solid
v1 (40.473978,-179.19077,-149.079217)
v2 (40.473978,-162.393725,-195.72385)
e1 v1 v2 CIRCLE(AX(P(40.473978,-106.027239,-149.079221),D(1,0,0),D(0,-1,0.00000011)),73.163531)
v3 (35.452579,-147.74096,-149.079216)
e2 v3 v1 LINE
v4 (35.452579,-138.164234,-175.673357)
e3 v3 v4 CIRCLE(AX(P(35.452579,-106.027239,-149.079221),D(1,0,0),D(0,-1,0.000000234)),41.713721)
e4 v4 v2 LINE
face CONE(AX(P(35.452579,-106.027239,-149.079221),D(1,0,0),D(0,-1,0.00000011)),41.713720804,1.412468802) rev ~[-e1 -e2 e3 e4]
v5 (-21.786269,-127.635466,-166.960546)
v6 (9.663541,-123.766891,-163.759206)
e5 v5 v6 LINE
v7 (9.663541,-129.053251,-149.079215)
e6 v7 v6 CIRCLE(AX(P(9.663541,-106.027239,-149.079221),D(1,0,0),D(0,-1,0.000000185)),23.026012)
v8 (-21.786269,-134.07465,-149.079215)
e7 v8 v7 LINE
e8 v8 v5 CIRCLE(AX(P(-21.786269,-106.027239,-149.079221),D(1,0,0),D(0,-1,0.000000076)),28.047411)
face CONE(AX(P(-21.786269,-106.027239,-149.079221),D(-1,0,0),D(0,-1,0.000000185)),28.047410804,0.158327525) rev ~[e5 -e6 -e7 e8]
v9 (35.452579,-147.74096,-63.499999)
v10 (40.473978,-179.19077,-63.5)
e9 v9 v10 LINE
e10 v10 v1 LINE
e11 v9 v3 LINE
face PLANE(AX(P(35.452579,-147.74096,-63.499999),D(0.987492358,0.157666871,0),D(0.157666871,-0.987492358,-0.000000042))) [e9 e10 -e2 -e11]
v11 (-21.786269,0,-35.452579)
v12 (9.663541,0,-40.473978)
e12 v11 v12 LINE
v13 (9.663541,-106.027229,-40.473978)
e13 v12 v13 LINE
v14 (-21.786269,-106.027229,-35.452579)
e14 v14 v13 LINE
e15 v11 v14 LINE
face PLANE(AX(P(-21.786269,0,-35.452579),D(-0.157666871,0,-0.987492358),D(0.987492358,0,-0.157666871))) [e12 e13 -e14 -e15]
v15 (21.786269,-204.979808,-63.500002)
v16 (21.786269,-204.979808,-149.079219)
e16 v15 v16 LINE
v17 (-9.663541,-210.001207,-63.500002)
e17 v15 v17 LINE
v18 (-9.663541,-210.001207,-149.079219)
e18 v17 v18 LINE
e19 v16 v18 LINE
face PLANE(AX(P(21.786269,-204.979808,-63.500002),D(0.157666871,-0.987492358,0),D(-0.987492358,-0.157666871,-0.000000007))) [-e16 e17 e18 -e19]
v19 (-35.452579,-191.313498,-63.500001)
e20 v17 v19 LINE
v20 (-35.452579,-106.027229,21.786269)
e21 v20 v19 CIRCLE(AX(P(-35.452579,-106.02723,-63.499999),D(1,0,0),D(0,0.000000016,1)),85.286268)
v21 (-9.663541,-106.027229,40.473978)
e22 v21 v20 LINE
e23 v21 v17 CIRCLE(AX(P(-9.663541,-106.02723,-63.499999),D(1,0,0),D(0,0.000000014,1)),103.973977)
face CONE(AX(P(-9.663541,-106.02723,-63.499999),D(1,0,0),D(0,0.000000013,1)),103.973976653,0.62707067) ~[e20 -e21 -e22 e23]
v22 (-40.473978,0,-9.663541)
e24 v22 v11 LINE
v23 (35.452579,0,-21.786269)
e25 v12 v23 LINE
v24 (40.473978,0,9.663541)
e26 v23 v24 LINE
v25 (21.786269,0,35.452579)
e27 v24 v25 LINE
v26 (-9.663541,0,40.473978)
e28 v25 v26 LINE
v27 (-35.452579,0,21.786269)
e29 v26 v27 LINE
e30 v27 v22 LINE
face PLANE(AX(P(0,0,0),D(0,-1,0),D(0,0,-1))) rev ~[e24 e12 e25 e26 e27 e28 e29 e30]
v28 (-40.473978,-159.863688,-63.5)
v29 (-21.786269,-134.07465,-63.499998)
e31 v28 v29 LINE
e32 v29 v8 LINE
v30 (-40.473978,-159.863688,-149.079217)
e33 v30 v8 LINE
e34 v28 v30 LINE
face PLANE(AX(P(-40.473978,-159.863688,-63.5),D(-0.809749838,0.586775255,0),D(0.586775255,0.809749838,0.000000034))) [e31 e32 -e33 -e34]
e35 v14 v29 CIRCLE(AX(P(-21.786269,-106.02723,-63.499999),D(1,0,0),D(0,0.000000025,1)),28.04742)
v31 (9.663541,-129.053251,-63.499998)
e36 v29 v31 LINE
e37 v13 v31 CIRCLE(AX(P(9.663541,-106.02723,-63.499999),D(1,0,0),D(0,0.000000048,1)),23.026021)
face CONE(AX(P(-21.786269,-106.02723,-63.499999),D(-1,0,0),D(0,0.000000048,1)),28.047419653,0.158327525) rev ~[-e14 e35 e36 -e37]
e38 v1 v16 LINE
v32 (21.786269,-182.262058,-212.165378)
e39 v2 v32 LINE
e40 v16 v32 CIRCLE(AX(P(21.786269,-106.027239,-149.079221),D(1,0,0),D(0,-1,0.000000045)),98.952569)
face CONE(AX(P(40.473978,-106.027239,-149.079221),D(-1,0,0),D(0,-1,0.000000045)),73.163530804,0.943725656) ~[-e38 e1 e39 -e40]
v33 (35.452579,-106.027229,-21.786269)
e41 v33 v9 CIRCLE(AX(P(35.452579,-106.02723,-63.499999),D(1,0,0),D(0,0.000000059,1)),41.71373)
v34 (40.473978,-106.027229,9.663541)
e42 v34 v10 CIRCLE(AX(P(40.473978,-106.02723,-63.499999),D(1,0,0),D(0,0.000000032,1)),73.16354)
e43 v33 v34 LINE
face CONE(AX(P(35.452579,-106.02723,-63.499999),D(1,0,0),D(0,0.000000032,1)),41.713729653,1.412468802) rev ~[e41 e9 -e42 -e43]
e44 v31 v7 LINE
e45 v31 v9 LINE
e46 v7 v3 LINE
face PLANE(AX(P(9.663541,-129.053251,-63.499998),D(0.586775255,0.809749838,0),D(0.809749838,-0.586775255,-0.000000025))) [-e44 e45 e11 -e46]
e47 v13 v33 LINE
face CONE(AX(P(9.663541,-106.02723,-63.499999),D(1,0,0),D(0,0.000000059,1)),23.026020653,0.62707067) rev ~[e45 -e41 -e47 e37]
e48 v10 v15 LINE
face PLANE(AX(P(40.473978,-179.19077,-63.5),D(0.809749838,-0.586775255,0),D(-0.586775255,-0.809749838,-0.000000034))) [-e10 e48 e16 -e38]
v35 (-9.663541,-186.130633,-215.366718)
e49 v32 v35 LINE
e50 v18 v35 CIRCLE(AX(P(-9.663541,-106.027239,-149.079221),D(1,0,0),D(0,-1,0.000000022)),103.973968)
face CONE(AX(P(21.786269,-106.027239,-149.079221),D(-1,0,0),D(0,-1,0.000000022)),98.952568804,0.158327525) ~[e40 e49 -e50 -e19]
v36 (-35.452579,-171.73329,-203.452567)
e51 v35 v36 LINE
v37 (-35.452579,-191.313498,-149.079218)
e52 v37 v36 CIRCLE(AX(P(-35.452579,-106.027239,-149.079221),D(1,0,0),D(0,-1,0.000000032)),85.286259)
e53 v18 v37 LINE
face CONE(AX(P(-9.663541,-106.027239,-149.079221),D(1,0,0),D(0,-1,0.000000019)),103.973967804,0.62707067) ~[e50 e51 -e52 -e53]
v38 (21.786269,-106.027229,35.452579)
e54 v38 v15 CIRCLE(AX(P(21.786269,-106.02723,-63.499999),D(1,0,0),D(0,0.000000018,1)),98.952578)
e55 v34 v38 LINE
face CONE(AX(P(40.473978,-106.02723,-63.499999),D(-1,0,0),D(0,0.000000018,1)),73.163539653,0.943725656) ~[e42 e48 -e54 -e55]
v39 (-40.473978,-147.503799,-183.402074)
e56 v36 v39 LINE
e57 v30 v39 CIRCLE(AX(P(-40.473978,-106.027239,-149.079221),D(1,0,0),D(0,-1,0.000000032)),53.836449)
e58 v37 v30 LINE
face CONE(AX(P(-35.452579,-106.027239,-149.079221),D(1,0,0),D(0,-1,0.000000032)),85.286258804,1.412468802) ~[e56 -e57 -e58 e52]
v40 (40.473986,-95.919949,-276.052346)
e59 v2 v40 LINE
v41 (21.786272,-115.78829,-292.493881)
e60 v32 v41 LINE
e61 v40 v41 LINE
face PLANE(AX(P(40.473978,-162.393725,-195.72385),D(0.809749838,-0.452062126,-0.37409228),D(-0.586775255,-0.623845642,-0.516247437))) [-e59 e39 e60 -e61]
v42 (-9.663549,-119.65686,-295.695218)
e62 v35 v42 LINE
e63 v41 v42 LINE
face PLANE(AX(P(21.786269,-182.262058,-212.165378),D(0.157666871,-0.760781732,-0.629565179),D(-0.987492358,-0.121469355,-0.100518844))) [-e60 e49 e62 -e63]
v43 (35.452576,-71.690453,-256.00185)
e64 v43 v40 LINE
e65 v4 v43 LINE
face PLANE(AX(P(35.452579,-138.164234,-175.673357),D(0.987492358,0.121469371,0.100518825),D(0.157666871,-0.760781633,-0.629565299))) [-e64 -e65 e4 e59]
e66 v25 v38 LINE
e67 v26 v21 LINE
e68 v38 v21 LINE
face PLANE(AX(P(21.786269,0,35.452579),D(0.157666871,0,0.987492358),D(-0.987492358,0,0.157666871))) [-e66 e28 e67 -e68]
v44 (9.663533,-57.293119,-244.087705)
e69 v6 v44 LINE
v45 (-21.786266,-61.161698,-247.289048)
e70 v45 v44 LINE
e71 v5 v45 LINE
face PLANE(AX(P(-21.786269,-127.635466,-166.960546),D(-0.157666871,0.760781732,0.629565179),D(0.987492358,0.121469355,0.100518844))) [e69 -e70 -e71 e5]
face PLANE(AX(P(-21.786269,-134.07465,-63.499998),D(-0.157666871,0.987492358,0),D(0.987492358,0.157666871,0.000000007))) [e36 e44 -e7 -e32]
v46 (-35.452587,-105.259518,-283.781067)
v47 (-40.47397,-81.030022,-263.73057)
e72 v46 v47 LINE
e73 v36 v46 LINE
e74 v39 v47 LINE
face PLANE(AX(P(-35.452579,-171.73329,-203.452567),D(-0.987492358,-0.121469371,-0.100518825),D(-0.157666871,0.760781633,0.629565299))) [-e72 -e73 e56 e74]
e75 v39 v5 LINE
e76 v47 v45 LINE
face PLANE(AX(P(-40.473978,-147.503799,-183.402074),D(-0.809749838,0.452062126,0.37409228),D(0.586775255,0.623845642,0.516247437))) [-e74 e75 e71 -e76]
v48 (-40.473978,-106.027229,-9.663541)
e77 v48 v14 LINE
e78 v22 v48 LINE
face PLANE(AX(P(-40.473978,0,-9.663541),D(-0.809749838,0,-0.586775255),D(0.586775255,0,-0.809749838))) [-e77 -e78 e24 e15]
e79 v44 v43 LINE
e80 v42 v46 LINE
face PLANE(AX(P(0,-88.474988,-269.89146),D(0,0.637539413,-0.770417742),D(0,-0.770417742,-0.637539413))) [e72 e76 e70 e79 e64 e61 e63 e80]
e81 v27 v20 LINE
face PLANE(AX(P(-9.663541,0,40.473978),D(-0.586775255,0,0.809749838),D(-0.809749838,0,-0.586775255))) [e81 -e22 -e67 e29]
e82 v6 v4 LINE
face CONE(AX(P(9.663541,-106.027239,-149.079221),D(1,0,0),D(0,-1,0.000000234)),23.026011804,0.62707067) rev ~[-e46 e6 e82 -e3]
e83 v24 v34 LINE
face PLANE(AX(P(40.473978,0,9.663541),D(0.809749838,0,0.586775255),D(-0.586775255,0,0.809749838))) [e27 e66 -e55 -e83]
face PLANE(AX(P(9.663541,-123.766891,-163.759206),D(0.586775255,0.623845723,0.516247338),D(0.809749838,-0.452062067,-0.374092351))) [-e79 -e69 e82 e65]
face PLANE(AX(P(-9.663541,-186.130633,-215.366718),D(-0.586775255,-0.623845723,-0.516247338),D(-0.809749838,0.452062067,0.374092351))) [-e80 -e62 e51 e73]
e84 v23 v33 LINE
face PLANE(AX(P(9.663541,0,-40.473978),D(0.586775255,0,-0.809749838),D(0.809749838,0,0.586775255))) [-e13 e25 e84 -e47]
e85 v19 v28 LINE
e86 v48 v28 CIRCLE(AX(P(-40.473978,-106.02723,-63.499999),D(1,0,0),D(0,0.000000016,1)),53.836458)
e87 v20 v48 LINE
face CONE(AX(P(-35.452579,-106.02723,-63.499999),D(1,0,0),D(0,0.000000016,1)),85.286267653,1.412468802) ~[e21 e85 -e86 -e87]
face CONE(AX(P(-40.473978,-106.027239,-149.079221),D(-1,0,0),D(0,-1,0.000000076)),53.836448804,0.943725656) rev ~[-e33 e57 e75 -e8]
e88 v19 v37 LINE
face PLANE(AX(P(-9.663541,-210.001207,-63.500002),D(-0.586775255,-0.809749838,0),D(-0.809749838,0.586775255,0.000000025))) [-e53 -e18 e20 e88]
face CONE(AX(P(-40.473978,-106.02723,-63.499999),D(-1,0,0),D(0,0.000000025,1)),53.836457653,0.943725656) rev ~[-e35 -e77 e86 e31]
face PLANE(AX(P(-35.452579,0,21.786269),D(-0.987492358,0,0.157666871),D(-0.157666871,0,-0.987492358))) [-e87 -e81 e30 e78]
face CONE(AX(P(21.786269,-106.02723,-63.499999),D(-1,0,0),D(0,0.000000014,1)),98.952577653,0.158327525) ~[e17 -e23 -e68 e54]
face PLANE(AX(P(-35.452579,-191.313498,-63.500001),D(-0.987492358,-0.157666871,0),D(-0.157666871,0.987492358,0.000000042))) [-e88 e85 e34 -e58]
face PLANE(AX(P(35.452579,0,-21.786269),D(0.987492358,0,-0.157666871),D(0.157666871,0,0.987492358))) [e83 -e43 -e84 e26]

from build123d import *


with BuildPart() as f2:
    # F2: sweep along a path in F1
    with BuildLine(Plane.YZ) as f2_path:
        Line((0, 0), (-106.027229, 0))
        ThreePointArc((-106.027229, 0), (-150.92851, -18.598719), (-169.527229, -63.5))
        Line((-169.527229, -63.5), (-169.527229, -149.079217))
        ThreePointArc((-169.527229, -149.079217), (-165.771549, -170.593545), (-154.948762, -189.562962))
        Line((-154.948762, -189.562962), (-88.474994, -269.891465))
    # F0 (on Front) → F2 (sweep)
    with BuildSketch(Plane.XZ):
        Polygon((-35.452579, 21.786269), (-40.473978, -9.663541), (-21.786269, -35.452579), (9.663541, -40.473978), (35.452579, -21.786269), (40.473978, 9.663541), (21.786269, 35.452579), (-9.663541, 40.473978), align=None)
    sweep(path=f2_path.line)


solid = f2.part
